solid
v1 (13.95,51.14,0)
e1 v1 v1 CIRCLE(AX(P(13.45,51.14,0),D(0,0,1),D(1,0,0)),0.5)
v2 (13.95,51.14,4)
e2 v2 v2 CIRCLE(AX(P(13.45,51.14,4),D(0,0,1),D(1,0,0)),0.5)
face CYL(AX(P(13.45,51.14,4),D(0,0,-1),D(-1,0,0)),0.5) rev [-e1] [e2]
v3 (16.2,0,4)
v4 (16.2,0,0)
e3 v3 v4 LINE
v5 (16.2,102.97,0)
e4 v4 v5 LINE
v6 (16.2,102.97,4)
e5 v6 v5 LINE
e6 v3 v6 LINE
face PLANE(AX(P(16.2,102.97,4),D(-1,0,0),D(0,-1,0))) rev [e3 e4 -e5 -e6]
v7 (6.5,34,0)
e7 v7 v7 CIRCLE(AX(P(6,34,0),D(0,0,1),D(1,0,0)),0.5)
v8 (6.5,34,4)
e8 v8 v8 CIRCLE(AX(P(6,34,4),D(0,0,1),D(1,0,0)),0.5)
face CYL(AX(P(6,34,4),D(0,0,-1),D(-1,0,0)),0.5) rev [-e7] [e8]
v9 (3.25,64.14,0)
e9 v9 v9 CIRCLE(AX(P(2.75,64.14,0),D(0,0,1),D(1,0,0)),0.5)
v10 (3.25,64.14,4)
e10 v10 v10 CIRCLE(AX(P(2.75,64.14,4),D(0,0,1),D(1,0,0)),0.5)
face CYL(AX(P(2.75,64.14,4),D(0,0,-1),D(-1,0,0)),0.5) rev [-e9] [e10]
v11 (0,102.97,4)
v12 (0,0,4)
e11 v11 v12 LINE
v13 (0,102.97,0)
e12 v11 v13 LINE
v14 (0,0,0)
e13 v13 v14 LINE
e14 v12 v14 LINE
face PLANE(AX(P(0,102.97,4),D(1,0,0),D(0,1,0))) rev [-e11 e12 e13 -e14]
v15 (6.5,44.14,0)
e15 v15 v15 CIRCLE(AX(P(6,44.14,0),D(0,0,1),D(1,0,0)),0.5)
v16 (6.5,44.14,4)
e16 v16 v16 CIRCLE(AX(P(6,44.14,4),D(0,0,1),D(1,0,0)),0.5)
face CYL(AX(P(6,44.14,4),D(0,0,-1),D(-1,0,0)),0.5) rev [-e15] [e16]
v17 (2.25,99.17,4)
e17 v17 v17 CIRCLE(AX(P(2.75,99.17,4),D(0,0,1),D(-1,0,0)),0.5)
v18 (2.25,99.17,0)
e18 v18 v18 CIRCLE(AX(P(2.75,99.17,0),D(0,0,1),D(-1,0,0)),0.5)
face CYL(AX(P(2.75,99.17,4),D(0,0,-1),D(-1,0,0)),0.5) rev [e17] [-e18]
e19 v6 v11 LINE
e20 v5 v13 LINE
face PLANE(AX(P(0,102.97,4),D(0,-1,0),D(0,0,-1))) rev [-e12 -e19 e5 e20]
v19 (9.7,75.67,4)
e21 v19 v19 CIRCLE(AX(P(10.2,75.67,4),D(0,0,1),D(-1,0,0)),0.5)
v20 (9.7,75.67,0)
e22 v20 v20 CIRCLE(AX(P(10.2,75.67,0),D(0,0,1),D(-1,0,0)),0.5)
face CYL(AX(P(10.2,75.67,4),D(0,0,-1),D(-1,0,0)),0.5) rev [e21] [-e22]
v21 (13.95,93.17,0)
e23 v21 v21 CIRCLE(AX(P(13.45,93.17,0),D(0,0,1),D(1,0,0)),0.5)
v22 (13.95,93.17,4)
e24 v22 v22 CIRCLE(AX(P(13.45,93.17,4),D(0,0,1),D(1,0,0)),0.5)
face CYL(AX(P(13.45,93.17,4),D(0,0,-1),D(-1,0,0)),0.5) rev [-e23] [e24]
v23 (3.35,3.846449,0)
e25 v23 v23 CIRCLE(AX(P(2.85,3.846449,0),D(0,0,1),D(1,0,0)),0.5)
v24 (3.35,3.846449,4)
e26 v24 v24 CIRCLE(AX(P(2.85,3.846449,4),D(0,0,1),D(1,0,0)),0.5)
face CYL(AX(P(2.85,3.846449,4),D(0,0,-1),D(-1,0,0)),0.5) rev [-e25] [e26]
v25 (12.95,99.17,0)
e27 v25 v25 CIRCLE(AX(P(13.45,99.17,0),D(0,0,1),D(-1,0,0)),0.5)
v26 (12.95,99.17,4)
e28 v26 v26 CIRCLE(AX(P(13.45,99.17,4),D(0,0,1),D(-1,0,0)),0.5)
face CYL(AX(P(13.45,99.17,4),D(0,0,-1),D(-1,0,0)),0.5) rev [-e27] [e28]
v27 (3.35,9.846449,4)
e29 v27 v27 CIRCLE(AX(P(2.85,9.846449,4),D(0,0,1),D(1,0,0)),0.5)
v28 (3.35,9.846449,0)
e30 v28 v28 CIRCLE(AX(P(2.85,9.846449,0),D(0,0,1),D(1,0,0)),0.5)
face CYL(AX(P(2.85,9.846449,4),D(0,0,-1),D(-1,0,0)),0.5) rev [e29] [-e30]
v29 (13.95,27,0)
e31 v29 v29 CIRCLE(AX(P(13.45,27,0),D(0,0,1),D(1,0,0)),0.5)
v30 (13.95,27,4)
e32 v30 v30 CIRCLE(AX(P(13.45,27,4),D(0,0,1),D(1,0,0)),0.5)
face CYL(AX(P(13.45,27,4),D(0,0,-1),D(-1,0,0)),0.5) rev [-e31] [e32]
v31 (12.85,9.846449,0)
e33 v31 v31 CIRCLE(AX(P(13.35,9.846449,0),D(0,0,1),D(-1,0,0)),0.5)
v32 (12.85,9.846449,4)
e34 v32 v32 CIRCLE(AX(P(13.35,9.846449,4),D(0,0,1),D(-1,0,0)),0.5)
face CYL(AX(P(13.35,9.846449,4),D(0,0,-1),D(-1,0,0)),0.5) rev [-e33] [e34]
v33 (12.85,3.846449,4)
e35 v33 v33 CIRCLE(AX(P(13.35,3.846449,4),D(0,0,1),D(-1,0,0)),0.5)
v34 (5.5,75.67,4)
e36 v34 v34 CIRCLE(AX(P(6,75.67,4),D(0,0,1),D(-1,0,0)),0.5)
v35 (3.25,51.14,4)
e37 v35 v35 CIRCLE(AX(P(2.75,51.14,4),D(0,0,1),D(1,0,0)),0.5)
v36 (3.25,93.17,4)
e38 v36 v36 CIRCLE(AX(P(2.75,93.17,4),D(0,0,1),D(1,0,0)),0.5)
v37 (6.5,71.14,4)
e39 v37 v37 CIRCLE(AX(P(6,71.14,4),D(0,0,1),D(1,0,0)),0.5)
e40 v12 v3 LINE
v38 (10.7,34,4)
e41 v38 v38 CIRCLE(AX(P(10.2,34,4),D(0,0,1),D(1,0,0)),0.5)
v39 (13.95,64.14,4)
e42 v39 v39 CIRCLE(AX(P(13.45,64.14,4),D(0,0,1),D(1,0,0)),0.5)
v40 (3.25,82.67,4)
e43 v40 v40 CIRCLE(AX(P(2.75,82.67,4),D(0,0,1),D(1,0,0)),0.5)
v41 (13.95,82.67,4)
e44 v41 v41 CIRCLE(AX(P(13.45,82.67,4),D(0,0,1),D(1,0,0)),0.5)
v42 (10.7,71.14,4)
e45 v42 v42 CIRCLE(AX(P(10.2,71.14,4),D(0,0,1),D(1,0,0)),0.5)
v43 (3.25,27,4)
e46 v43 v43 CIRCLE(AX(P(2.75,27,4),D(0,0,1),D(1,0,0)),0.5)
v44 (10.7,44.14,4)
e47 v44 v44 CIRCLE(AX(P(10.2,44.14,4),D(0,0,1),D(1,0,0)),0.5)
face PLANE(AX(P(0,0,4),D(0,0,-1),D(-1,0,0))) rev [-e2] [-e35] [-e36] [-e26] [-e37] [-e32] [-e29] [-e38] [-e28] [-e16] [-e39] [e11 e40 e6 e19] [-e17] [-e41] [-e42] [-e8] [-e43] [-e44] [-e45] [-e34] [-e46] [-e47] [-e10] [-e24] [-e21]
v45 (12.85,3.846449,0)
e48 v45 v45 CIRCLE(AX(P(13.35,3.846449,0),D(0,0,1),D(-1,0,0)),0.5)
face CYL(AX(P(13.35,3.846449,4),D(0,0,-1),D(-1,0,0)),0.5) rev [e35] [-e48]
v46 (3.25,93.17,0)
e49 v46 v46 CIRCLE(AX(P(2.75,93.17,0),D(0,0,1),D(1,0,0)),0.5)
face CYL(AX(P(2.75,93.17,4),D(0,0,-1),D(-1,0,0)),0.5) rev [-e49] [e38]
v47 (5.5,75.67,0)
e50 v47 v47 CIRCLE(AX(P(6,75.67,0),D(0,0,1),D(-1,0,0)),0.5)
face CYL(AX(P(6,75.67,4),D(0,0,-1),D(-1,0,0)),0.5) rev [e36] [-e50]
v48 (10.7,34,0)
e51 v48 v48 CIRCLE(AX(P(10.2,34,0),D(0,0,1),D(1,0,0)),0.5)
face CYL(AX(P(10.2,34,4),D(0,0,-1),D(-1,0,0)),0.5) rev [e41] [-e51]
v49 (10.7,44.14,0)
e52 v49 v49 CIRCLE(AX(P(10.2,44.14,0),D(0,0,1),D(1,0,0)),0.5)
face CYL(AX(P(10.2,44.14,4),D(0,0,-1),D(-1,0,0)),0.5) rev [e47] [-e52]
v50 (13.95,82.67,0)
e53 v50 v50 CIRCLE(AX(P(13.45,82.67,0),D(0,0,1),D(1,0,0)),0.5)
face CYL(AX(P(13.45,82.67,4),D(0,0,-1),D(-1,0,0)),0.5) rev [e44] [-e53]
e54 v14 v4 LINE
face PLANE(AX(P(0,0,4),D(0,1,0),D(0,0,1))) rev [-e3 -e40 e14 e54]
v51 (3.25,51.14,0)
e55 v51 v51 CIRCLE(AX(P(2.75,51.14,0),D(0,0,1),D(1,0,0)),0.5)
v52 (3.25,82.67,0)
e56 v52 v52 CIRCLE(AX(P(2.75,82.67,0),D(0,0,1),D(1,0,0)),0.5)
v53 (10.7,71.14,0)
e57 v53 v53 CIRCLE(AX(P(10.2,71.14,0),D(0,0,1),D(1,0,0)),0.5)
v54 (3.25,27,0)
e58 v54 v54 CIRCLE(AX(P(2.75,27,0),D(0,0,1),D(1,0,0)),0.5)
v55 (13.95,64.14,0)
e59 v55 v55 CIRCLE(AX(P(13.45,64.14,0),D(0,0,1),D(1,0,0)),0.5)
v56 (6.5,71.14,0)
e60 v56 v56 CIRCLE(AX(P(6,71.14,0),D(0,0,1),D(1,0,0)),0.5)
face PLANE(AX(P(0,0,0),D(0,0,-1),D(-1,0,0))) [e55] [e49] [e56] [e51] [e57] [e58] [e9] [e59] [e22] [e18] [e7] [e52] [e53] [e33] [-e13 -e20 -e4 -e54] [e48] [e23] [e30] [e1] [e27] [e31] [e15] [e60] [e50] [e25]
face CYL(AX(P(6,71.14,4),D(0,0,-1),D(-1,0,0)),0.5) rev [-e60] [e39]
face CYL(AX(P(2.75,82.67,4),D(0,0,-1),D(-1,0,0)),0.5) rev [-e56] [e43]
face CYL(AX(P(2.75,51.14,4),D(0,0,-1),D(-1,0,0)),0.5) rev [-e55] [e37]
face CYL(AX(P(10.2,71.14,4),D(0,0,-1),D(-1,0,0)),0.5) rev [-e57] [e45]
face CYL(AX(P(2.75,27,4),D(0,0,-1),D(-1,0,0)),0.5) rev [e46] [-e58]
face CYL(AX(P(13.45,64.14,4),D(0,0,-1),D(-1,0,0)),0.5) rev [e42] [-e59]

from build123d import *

# Parameters (mm, degrees)
SKETCH1_W           = 16.2
SKETCH1_H           = 102.97
SKETCH1_R           = 0.5
BOSS_EXTRUDE1_DEPTH = 4


with BuildPart() as part:
    # Sketch1 → Boss-Extrude1 (new body)
    with BuildSketch(Plane.XY):
        with Locations((8.1, 51.485)):
            Rectangle(SKETCH1_W, SKETCH1_H)
        with Locations((10.2, 71.14)):
            Circle(SKETCH1_R, mode=Mode.SUBTRACT)
        with Locations((13.45, 51.14)):
            Circle(SKETCH1_R, mode=Mode.SUBTRACT)
        with Locations((13.45, 93.17)):
            Circle(SKETCH1_R, mode=Mode.SUBTRACT)
        with Locations((6, 71.14)):
            Circle(SKETCH1_R, mode=Mode.SUBTRACT)
        with Locations(Location((2.75, 99.17, 0), (0, 0, 180))):
            Circle(SKETCH1_R, mode=Mode.SUBTRACT)
        with Locations(Location((6, 75.67, 0), (0, 0, 180))):
            Circle(SKETCH1_R, mode=Mode.SUBTRACT)
        with Locations((2.75, 51.14)):
            Circle(SKETCH1_R, mode=Mode.SUBTRACT)
        with Locations((6, 44.14)):
            Circle(SKETCH1_R, mode=Mode.SUBTRACT)
        with Locations((13.45, 27)):
            Circle(SKETCH1_R, mode=Mode.SUBTRACT)
        with Locations(Location((10.2, 75.67, 0), (0, 0, 180))):
            Circle(SKETCH1_R, mode=Mode.SUBTRACT)
        with Locations((6, 34)):
            Circle(SKETCH1_R, mode=Mode.SUBTRACT)
        with Locations((2.75, 27)):
            Circle(SKETCH1_R, mode=Mode.SUBTRACT)
        with Locations((2.75, 93.17)):
            Circle(SKETCH1_R, mode=Mode.SUBTRACT)
        with Locations((13.45, 82.67)):
            Circle(SKETCH1_R, mode=Mode.SUBTRACT)
        with Locations((13.45, 64.14)):
            Circle(SKETCH1_R, mode=Mode.SUBTRACT)
        with Locations(Location((13.45, 99.17, 0), (0, 0, 180))):
            Circle(SKETCH1_R, mode=Mode.SUBTRACT)
        with Locations((10.2, 44.14)):
            Circle(SKETCH1_R, mode=Mode.SUBTRACT)
        with Locations((2.75, 82.67)):
            Circle(SKETCH1_R, mode=Mode.SUBTRACT)
        with Locations((2.85, 9.846448831)):
            Circle(SKETCH1_R, mode=Mode.SUBTRACT)
        with Locations(Location((13.35, 9.846448831, 0), (0, 0, 180))):
            Circle(SKETCH1_R, mode=Mode.SUBTRACT)
        with Locations(Location((13.35, 3.846448831, 0), (0, 0, 180))):
            Circle(SKETCH1_R, mode=Mode.SUBTRACT)
        with Locations((2.85, 3.846448831)):
            Circle(SKETCH1_R, mode=Mode.SUBTRACT)
        with Locations((2.75, 64.14)):
            Circle(SKETCH1_R, mode=Mode.SUBTRACT)
        with Locations((10.2, 34)):
            Circle(SKETCH1_R, mode=Mode.SUBTRACT)
    extrude(amount=BOSS_EXTRUDE1_DEPTH)


solid = part.part
